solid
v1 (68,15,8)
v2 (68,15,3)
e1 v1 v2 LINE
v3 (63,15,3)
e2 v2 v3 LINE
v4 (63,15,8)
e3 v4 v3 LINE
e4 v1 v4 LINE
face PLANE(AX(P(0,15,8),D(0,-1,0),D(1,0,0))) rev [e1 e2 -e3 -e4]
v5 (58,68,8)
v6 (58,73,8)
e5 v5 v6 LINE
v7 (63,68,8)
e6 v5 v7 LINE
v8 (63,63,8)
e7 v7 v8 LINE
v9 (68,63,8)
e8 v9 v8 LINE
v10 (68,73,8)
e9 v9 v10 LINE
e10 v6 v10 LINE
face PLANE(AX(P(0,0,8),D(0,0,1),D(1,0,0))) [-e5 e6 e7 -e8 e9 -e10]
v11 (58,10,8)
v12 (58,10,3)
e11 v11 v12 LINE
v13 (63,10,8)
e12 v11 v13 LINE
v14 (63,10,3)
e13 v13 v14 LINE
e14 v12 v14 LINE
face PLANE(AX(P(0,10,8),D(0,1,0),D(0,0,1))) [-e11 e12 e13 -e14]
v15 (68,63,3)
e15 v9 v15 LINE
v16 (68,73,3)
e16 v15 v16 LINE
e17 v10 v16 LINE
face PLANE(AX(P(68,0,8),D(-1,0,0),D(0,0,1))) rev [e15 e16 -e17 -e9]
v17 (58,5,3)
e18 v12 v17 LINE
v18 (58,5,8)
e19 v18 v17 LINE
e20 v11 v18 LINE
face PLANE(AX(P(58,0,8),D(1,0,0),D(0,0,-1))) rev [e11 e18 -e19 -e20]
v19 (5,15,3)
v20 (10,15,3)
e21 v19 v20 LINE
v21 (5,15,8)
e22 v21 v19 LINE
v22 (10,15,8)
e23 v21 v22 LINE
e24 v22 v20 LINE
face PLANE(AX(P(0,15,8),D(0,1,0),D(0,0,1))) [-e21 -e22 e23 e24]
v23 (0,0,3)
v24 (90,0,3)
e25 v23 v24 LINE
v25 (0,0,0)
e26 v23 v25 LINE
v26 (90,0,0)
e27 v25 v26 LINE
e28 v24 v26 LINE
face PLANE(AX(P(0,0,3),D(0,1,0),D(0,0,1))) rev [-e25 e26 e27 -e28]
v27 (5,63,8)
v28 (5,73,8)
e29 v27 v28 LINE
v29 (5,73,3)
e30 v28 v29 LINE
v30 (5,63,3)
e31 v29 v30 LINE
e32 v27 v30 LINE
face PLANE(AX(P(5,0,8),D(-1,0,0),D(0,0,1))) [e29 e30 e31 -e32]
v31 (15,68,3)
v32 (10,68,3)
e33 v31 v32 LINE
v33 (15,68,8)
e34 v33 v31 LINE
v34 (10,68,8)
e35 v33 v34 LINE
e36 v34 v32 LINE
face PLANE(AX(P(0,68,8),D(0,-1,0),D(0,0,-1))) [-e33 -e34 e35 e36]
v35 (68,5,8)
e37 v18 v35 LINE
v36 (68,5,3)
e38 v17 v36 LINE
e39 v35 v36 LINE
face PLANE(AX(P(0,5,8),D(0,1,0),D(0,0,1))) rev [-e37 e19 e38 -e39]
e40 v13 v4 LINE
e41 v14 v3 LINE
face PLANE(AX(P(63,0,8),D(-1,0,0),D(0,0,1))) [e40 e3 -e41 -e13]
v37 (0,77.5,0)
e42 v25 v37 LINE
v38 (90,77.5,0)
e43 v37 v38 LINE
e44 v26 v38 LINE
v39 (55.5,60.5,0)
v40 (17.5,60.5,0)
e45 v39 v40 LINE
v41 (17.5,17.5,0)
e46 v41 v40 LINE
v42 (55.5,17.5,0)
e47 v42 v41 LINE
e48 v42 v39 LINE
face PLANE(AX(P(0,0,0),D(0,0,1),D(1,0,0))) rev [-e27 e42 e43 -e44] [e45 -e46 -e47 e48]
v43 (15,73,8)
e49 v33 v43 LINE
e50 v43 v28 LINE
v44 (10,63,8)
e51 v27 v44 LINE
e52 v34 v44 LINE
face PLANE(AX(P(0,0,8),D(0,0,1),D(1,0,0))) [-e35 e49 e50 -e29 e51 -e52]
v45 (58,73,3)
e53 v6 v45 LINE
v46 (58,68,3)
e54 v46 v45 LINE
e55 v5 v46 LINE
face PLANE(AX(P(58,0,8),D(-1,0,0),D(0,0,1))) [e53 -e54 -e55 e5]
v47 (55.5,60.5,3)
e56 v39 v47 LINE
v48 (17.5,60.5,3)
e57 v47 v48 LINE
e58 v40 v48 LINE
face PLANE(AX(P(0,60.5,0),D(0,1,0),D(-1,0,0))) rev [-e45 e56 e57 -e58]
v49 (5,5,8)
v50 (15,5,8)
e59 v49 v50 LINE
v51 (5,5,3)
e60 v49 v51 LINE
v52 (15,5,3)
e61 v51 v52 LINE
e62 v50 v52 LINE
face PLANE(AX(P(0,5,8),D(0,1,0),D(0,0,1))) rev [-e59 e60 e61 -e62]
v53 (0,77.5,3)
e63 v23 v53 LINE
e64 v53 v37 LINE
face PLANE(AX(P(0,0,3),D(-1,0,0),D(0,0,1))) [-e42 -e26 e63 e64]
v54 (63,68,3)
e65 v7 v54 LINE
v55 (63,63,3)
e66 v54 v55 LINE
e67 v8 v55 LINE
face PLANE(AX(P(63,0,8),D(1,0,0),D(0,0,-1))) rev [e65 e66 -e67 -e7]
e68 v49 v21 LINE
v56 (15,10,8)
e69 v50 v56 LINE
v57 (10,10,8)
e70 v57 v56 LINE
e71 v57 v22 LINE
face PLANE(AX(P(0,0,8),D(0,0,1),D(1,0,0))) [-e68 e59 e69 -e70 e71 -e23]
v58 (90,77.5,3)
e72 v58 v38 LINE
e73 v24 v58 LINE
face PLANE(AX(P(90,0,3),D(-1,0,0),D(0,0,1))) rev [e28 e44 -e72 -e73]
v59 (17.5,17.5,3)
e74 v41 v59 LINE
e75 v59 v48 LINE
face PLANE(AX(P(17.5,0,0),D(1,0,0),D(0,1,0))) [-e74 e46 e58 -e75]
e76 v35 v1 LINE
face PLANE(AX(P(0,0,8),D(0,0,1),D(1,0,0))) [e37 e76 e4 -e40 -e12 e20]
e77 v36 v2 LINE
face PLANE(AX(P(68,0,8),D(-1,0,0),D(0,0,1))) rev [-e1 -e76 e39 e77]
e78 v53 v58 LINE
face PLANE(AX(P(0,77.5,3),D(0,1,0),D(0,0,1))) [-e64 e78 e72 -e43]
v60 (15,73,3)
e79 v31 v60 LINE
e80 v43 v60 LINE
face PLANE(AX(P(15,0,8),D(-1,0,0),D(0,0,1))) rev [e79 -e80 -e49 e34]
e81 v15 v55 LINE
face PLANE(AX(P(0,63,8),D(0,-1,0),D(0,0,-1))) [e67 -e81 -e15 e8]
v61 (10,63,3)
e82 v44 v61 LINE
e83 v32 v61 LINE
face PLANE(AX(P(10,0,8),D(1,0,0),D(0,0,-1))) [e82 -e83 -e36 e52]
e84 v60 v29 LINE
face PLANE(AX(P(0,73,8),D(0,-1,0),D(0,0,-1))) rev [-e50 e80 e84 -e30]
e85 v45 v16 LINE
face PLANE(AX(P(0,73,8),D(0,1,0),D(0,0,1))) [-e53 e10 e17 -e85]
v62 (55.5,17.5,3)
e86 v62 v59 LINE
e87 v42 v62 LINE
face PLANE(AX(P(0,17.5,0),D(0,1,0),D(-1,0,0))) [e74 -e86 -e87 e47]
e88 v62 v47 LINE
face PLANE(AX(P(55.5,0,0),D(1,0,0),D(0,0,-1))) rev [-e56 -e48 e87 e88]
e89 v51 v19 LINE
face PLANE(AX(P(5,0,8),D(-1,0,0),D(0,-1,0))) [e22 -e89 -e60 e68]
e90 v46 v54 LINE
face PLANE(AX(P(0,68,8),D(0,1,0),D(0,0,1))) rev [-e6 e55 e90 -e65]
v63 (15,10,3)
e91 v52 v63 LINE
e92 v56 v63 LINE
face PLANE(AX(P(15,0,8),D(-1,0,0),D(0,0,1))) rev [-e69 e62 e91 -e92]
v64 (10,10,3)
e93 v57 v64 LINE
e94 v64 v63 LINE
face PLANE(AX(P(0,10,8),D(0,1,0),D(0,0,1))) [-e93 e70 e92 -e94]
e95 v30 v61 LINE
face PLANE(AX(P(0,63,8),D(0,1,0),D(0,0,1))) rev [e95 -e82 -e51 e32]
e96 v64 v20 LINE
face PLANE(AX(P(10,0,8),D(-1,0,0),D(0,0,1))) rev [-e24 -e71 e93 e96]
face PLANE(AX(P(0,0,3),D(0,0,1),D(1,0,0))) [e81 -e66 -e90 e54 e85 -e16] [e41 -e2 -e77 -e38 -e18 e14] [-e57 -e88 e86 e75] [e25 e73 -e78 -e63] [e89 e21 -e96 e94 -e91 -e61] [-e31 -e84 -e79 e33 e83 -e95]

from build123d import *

# Parameters (mm, degrees)
BOSS_EXTRUDE2_DEPTH   = 8
BOSS_EXTRUDE2_2_DEPTH = 8
BOSS_EXTRUDE2_3_DEPTH = 8
BOSS_EXTRUDE2_4_DEPTH = 8
SKETCH1_4_W           = 90
SKETCH1_4_H           = 77.5
BOSS_EXTRUDE3_DEPTH   = 3
SKETCH4_W             = 38
SKETCH4_H             = 43
CUT_EXTRUDE2_DEPTH    = 3


with BuildPart() as part:
    # Sketch1 → Boss-Extrude2 (new body)
    with BuildSketch(Plane.XY):
        Polygon((15, 5), (15, 10), (10, 10), (10, 15), (5, 15), (5, 5), align=None)
    extrude(amount=BOSS_EXTRUDE2_DEPTH)



with BuildPart() as body_2:
    # Sketch1 → Boss-Extrude2 2 (new body)
    with BuildSketch(Plane.XY):
        Polygon((58, 73), (58, 68), (63, 68), (63, 63), (68, 63), (68, 73), align=None)
    extrude(amount=BOSS_EXTRUDE2_2_DEPTH)


with BuildPart() as body_3:
    # Sketch1 → Boss-Extrude2 3 (new body)
    with BuildSketch(Plane.XY):
        Polygon((63, 10), (58, 10), (58, 5), (68, 5), (68, 15), (63, 15), align=None)
    extrude(amount=BOSS_EXTRUDE2_3_DEPTH)


with BuildPart() as body_4:
    # Sketch1 → Boss-Extrude2 4 (new body)
    with BuildSketch(Plane.XY):
        Polygon((10, 68), (15, 68), (15, 73), (5, 73), (5, 63), (10, 63), align=None)
    extrude(amount=BOSS_EXTRUDE2_4_DEPTH)


with BuildPart() as part_1:
    add(part.part)

    add(body_2.part)  # Boss-Extrude3 merges body 2

    add(body_3.part)  # Boss-Extrude3 merges body 3

    add(body_4.part)  # Boss-Extrude3 merges body 4
    # Sketch1<4> → Boss-Extrude3 (add)
    with BuildSketch(Plane.XY):
        with Locations((45, 38.75)):
            Rectangle(SKETCH1_4_W, SKETCH1_4_H)
        Polygon((10, 10), (15, 10), (15, 5), (5, 5), (5, 15), (10, 15), align=None, mode=Mode.SUBTRACT)
        Polygon((5, 63), (5, 73), (15, 73), (15, 68), (10, 68), (10, 63), align=None, mode=Mode.SUBTRACT)
        Polygon((58, 68), (58, 73), (68, 73), (68, 63), (63, 63), (63, 68), align=None, mode=Mode.SUBTRACT)
        Polygon((58, 5), (58, 10), (63, 10), (63, 15), (68, 15), (68, 5), align=None, mode=Mode.SUBTRACT)
    extrude(amount=BOSS_EXTRUDE3_DEPTH)

    # Sketch4 → Cut-Extrude2 (cut)
    with BuildSketch(Plane.XY.offset(3)):
        with Locations((36.5, 39)):
            Rectangle(SKETCH4_W, SKETCH4_H)
    extrude(amount=-CUT_EXTRUDE2_DEPTH, mode=Mode.SUBTRACT)


solid = part_1.part
